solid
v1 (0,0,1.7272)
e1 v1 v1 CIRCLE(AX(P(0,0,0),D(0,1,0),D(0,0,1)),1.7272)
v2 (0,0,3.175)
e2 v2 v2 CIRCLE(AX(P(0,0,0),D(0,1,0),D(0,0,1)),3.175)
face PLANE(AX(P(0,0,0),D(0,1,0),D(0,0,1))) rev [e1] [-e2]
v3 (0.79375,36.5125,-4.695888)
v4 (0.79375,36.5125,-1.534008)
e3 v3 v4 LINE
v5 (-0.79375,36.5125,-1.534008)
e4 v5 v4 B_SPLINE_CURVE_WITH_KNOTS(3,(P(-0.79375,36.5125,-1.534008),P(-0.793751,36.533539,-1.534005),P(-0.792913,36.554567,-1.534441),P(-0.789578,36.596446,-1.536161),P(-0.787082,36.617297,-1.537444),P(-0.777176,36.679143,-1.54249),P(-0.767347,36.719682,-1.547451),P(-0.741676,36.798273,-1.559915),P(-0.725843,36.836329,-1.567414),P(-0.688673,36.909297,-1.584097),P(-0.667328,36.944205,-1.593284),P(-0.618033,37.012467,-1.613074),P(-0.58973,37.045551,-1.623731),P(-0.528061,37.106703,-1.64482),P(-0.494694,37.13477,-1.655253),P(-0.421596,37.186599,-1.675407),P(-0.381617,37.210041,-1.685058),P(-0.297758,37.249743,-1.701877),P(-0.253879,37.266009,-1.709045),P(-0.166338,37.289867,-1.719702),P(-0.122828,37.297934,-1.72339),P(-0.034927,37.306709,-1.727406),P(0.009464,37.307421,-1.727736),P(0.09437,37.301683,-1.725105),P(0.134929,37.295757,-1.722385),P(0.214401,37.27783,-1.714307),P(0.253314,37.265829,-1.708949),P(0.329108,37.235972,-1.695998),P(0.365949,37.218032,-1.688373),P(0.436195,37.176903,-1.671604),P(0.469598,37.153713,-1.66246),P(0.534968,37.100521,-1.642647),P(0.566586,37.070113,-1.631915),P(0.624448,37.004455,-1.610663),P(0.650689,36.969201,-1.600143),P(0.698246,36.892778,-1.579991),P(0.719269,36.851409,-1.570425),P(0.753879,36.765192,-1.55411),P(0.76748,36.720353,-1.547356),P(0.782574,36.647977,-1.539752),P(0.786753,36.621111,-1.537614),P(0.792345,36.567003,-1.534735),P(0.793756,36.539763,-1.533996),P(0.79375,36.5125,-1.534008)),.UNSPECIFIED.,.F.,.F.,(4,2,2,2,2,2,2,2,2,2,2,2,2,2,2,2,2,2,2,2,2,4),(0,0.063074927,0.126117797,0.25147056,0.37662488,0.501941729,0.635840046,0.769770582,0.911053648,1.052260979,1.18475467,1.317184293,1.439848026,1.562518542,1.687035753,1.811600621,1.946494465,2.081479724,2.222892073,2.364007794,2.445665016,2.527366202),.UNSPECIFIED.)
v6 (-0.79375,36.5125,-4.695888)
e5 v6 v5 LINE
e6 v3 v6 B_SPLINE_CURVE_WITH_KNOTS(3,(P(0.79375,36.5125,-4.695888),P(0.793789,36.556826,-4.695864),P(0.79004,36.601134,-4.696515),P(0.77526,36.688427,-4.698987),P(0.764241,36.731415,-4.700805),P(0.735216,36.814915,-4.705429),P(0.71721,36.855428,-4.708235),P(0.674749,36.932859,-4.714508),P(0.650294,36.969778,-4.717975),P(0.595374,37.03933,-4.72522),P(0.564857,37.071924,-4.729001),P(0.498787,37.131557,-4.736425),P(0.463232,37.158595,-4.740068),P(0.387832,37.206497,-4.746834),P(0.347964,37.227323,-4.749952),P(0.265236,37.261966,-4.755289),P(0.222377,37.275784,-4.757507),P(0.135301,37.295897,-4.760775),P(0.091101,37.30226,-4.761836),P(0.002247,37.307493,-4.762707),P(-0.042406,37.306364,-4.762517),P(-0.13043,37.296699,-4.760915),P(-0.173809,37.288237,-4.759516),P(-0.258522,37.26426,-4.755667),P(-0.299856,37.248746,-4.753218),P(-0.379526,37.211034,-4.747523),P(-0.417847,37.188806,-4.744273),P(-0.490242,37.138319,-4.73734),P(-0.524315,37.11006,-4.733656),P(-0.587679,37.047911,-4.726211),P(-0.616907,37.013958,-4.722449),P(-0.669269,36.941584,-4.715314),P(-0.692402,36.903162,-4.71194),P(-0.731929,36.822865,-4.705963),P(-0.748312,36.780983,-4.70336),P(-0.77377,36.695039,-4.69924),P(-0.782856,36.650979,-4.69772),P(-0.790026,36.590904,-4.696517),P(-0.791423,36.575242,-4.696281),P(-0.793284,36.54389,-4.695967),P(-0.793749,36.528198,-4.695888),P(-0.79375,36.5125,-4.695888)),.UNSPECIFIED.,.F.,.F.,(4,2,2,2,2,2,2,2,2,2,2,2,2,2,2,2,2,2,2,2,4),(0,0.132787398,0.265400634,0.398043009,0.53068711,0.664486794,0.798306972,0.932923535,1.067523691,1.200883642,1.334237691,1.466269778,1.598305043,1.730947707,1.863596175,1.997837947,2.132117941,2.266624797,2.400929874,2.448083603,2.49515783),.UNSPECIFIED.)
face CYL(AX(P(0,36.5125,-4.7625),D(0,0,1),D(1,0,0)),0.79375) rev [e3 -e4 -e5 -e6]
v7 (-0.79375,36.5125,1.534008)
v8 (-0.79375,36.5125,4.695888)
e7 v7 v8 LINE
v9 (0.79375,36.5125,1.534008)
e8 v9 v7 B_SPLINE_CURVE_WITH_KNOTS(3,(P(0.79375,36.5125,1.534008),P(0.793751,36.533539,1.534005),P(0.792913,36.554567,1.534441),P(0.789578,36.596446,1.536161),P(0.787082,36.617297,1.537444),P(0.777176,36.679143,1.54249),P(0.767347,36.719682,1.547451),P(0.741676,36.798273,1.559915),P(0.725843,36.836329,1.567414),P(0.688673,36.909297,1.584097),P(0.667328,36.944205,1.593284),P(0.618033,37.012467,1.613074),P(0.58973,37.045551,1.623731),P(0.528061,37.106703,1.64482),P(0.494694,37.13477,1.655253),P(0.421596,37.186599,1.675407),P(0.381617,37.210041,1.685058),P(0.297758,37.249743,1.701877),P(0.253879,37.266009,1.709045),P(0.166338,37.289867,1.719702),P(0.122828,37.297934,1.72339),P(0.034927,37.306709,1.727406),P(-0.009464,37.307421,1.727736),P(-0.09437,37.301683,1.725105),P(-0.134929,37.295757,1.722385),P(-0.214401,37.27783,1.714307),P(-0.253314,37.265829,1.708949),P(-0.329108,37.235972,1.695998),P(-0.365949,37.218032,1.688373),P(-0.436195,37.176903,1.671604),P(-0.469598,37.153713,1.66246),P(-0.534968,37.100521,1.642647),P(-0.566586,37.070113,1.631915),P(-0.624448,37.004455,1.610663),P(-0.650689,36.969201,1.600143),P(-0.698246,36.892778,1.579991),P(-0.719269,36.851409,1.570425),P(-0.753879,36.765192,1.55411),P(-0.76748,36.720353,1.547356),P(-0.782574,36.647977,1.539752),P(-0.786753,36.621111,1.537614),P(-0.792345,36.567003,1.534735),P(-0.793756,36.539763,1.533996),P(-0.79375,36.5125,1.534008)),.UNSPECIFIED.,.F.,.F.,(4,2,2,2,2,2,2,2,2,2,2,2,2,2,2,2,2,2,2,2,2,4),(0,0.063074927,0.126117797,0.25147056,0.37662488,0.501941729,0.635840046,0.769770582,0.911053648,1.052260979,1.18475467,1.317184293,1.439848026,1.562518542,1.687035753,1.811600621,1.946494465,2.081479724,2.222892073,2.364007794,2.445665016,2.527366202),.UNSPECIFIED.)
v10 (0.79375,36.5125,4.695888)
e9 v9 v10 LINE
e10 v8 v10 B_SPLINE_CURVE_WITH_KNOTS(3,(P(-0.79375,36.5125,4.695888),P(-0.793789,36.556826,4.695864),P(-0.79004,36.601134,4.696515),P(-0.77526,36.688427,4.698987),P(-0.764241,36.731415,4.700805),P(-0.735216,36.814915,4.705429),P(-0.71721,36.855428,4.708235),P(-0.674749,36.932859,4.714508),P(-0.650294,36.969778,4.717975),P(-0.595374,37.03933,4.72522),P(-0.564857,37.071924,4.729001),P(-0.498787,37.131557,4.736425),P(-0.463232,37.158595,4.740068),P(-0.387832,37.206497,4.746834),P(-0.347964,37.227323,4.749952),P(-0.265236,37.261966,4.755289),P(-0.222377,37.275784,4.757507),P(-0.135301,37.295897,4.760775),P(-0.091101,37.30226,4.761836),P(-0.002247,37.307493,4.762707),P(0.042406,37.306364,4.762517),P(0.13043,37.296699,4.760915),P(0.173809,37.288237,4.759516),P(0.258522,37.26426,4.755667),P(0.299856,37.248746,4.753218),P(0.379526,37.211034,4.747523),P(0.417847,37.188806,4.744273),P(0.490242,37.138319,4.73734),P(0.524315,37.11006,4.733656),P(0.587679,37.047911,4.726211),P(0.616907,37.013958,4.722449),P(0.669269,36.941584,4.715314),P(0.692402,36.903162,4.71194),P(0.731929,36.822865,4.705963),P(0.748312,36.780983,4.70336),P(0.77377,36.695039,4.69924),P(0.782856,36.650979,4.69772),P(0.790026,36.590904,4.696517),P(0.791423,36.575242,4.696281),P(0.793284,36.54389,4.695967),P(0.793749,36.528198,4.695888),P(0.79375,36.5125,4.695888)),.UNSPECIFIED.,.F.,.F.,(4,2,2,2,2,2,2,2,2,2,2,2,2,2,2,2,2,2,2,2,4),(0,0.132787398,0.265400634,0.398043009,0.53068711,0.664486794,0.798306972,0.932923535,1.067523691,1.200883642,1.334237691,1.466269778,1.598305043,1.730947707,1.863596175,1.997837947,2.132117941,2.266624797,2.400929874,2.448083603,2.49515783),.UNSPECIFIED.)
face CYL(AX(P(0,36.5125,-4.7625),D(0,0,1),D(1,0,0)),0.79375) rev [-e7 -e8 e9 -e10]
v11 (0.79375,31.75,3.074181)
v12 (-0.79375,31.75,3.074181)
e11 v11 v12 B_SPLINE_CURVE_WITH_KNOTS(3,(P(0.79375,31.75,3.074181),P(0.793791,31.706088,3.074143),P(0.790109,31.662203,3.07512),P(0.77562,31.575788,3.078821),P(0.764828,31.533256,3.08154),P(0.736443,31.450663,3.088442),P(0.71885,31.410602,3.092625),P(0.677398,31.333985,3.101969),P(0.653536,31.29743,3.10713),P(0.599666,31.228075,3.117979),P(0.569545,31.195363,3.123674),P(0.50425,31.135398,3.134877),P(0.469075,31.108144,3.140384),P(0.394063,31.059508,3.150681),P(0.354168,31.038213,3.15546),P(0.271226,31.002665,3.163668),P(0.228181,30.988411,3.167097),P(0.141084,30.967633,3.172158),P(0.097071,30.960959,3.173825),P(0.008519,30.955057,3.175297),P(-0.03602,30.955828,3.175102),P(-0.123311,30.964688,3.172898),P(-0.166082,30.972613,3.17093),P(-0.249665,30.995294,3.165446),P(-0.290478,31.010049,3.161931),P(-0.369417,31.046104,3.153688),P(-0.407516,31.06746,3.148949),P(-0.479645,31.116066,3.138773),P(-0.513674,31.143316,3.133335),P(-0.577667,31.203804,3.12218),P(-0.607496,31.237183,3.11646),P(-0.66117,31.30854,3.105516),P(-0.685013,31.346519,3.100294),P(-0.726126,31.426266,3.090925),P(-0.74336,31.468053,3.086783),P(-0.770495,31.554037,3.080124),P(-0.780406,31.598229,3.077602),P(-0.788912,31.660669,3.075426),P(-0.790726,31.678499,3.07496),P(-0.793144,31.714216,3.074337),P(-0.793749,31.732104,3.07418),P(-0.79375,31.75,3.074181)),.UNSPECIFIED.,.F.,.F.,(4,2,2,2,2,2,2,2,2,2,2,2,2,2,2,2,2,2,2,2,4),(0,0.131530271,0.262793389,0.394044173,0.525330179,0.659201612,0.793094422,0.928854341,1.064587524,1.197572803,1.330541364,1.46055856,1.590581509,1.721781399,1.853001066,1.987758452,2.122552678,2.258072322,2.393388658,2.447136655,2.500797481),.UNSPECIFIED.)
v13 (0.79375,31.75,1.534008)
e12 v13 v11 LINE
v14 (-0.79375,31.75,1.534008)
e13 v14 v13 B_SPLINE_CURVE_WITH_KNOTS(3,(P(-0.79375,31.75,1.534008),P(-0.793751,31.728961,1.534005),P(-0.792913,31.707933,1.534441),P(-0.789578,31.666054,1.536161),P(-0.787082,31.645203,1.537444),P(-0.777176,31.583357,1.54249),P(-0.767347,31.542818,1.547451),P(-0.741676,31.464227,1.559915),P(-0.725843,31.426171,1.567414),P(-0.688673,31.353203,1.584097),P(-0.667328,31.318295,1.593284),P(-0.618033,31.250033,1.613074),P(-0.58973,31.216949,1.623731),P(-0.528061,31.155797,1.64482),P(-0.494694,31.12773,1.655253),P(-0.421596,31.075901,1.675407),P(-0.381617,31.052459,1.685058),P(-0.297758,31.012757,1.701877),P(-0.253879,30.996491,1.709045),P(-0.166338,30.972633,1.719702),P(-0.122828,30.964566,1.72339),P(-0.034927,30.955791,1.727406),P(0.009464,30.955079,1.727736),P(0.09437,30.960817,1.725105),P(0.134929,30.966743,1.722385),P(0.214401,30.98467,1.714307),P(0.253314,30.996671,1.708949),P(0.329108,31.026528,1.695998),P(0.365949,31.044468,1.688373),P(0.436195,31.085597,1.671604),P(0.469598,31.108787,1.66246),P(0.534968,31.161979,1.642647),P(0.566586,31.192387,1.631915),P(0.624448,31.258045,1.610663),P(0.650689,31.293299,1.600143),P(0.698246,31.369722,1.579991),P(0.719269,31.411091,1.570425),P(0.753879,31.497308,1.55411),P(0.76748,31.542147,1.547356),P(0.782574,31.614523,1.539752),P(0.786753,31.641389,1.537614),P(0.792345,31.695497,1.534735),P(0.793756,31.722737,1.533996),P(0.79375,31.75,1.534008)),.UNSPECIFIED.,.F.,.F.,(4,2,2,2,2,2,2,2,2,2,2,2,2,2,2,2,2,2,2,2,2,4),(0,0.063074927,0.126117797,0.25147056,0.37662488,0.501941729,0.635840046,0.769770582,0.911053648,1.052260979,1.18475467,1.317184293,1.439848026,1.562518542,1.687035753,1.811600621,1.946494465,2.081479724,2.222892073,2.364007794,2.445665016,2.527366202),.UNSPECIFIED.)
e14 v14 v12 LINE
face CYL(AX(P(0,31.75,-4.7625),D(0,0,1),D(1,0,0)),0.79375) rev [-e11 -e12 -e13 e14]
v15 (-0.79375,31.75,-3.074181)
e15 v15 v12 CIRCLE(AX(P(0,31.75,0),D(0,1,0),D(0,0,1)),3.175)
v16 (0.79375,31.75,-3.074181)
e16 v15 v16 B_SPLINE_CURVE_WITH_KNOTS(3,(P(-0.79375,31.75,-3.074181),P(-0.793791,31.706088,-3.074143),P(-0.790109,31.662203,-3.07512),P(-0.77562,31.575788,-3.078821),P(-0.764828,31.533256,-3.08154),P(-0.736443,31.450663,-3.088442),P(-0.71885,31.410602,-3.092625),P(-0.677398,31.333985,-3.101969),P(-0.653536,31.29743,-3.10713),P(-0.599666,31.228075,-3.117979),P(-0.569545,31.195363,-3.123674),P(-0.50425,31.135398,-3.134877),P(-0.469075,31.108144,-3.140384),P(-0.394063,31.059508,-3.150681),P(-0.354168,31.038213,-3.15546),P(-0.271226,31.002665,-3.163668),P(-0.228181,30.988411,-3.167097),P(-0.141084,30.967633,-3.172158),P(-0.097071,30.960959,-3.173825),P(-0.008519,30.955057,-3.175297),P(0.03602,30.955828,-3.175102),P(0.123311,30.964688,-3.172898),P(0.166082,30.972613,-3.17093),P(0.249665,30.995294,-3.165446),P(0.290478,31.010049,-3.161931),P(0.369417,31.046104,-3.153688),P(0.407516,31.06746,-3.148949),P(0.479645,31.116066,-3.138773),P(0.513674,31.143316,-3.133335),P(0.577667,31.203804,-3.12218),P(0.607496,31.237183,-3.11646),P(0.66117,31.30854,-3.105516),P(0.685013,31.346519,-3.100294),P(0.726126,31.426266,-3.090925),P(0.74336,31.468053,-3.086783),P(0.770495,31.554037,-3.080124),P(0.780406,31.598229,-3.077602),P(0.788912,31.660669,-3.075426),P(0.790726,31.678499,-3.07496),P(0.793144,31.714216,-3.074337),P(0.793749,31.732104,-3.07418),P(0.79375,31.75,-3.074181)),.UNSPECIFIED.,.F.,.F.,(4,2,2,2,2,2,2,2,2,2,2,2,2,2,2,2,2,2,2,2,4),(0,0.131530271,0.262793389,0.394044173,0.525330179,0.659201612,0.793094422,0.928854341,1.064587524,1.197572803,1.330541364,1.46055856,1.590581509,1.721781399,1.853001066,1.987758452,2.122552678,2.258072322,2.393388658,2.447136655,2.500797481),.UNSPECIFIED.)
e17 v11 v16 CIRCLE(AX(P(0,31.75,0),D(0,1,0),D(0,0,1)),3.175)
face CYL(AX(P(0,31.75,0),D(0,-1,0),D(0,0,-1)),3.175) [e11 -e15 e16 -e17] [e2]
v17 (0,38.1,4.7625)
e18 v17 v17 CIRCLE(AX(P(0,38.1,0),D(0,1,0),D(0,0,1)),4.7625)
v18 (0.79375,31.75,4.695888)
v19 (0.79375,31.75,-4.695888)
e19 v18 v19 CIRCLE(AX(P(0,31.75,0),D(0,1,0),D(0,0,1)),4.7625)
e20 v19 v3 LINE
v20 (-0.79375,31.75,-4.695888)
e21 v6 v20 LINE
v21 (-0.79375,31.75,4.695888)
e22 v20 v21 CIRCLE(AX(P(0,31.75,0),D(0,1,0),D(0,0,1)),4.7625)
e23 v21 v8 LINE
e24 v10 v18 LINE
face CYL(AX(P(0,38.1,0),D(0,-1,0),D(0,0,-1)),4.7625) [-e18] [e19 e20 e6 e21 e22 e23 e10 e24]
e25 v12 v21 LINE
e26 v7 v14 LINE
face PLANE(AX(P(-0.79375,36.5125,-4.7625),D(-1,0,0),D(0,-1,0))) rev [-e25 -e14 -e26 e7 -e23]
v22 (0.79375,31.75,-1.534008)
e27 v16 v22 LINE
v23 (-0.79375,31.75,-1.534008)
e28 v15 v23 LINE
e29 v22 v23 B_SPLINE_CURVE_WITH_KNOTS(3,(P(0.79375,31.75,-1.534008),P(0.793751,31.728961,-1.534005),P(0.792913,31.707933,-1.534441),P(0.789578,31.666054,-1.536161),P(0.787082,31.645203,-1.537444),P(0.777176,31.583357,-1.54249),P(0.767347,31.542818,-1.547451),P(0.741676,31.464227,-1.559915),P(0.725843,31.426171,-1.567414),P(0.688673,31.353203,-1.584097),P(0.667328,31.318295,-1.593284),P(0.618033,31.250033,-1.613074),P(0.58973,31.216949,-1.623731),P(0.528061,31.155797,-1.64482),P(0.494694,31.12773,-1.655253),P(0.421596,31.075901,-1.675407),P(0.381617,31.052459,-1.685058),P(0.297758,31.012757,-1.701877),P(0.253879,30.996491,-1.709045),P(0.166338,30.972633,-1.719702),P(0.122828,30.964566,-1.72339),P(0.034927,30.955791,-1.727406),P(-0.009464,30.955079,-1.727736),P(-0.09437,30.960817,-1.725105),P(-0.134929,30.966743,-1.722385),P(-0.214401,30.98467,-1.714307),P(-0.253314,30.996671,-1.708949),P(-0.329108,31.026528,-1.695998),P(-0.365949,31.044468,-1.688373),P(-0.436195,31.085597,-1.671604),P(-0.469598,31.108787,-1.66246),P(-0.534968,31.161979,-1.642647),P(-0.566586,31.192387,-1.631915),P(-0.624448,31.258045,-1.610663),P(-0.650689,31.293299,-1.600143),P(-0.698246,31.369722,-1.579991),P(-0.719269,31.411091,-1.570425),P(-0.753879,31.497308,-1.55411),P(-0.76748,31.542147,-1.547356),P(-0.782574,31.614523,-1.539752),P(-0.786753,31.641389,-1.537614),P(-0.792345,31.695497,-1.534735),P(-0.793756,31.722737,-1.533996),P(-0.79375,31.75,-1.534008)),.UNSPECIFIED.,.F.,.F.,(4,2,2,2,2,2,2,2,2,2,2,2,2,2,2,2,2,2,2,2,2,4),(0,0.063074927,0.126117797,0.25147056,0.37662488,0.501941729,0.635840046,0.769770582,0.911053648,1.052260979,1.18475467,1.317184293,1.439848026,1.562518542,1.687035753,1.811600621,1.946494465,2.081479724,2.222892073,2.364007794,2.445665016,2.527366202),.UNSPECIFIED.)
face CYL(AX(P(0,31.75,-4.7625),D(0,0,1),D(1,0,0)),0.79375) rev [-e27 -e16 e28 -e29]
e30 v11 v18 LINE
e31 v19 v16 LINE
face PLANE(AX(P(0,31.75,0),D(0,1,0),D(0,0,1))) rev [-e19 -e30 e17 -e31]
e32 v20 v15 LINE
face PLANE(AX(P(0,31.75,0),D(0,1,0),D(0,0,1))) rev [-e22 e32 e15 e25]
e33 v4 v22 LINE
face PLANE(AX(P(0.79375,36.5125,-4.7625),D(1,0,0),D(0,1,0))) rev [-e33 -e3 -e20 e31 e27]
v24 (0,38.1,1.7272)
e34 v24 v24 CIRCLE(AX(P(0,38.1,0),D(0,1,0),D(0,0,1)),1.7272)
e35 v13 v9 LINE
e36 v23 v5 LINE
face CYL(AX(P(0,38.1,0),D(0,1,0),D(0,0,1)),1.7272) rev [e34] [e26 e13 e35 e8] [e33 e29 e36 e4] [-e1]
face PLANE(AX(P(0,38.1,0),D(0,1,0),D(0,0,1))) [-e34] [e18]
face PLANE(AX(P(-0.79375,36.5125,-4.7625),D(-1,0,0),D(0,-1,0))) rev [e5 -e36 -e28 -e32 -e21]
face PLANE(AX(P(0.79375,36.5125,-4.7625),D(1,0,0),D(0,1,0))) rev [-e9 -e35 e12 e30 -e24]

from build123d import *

# Parameters (mm, degrees)
SKETCH1_R                 = 3.175
BOSS_EXTRUDE1_DEPTH       = 31.75
SKETCH4_R                 = 4.7625
BOSS_EXTRUDE2_DEPTH       = 6.35
TAP_DRILL_FOR_8_32_TAP2_D = 3.4544
CUT_EXTRUDE2_DEPTH        = 39.690732902
CUT_EXTRUDE2_DEPTH_BACK   = 39.690732902


with BuildPart() as part:
    # Sketch1 → Boss-Extrude1 (new body)
    with BuildSketch(Plane(origin=(0, 0, 0), x_dir=(1, 0, 0), z_dir=(0, 1, 0))):
        with Locations(Location((0, 0, 0), (0, 0, 270))):
            Circle(SKETCH1_R)
    extrude(amount=BOSS_EXTRUDE1_DEPTH)

    # Sketch4 → Boss-Extrude2 (add)
    with BuildSketch(Plane(origin=(0, 31.75, 0), x_dir=(1, 0, 0), z_dir=(0, 1, 0))):
        with Locations(Location((0, 0, 0), (0, 0, 270))):
            Circle(SKETCH4_R)
    extrude(amount=BOSS_EXTRUDE2_DEPTH)

    # Tap Drill for #8-32 Tap2 (through all)
    with Locations(Plane(origin=(0, 38.1, 0), x_dir=(1, 0, 0), z_dir=(0, 1, 0))):
        with Locations((0, 0)):
            Hole(TAP_DRILL_FOR_8_32_TAP2_D / 2)

    # Sketch8 → Cut-Extrude2 (cut, two sides: drawn at the far end of the back side and taken through both)
    with BuildSketch(Plane.XY.offset(-CUT_EXTRUDE2_DEPTH_BACK)):
        with BuildLine():
            Line((0.79375, 36.5125), (0.79375, 31.75))
            ThreePointArc((0.79375, 31.75), (0, 30.95625), (-0.79375, 31.75))
            Line((-0.79375, 31.75), (-0.79375, 36.5125))
            ThreePointArc((-0.79375, 36.5125), (0, 37.30625), (0.79375, 36.5125))
        make_face()
    extrude(amount=CUT_EXTRUDE2_DEPTH + CUT_EXTRUDE2_DEPTH_BACK, mode=Mode.SUBTRACT)


solid = part.part
